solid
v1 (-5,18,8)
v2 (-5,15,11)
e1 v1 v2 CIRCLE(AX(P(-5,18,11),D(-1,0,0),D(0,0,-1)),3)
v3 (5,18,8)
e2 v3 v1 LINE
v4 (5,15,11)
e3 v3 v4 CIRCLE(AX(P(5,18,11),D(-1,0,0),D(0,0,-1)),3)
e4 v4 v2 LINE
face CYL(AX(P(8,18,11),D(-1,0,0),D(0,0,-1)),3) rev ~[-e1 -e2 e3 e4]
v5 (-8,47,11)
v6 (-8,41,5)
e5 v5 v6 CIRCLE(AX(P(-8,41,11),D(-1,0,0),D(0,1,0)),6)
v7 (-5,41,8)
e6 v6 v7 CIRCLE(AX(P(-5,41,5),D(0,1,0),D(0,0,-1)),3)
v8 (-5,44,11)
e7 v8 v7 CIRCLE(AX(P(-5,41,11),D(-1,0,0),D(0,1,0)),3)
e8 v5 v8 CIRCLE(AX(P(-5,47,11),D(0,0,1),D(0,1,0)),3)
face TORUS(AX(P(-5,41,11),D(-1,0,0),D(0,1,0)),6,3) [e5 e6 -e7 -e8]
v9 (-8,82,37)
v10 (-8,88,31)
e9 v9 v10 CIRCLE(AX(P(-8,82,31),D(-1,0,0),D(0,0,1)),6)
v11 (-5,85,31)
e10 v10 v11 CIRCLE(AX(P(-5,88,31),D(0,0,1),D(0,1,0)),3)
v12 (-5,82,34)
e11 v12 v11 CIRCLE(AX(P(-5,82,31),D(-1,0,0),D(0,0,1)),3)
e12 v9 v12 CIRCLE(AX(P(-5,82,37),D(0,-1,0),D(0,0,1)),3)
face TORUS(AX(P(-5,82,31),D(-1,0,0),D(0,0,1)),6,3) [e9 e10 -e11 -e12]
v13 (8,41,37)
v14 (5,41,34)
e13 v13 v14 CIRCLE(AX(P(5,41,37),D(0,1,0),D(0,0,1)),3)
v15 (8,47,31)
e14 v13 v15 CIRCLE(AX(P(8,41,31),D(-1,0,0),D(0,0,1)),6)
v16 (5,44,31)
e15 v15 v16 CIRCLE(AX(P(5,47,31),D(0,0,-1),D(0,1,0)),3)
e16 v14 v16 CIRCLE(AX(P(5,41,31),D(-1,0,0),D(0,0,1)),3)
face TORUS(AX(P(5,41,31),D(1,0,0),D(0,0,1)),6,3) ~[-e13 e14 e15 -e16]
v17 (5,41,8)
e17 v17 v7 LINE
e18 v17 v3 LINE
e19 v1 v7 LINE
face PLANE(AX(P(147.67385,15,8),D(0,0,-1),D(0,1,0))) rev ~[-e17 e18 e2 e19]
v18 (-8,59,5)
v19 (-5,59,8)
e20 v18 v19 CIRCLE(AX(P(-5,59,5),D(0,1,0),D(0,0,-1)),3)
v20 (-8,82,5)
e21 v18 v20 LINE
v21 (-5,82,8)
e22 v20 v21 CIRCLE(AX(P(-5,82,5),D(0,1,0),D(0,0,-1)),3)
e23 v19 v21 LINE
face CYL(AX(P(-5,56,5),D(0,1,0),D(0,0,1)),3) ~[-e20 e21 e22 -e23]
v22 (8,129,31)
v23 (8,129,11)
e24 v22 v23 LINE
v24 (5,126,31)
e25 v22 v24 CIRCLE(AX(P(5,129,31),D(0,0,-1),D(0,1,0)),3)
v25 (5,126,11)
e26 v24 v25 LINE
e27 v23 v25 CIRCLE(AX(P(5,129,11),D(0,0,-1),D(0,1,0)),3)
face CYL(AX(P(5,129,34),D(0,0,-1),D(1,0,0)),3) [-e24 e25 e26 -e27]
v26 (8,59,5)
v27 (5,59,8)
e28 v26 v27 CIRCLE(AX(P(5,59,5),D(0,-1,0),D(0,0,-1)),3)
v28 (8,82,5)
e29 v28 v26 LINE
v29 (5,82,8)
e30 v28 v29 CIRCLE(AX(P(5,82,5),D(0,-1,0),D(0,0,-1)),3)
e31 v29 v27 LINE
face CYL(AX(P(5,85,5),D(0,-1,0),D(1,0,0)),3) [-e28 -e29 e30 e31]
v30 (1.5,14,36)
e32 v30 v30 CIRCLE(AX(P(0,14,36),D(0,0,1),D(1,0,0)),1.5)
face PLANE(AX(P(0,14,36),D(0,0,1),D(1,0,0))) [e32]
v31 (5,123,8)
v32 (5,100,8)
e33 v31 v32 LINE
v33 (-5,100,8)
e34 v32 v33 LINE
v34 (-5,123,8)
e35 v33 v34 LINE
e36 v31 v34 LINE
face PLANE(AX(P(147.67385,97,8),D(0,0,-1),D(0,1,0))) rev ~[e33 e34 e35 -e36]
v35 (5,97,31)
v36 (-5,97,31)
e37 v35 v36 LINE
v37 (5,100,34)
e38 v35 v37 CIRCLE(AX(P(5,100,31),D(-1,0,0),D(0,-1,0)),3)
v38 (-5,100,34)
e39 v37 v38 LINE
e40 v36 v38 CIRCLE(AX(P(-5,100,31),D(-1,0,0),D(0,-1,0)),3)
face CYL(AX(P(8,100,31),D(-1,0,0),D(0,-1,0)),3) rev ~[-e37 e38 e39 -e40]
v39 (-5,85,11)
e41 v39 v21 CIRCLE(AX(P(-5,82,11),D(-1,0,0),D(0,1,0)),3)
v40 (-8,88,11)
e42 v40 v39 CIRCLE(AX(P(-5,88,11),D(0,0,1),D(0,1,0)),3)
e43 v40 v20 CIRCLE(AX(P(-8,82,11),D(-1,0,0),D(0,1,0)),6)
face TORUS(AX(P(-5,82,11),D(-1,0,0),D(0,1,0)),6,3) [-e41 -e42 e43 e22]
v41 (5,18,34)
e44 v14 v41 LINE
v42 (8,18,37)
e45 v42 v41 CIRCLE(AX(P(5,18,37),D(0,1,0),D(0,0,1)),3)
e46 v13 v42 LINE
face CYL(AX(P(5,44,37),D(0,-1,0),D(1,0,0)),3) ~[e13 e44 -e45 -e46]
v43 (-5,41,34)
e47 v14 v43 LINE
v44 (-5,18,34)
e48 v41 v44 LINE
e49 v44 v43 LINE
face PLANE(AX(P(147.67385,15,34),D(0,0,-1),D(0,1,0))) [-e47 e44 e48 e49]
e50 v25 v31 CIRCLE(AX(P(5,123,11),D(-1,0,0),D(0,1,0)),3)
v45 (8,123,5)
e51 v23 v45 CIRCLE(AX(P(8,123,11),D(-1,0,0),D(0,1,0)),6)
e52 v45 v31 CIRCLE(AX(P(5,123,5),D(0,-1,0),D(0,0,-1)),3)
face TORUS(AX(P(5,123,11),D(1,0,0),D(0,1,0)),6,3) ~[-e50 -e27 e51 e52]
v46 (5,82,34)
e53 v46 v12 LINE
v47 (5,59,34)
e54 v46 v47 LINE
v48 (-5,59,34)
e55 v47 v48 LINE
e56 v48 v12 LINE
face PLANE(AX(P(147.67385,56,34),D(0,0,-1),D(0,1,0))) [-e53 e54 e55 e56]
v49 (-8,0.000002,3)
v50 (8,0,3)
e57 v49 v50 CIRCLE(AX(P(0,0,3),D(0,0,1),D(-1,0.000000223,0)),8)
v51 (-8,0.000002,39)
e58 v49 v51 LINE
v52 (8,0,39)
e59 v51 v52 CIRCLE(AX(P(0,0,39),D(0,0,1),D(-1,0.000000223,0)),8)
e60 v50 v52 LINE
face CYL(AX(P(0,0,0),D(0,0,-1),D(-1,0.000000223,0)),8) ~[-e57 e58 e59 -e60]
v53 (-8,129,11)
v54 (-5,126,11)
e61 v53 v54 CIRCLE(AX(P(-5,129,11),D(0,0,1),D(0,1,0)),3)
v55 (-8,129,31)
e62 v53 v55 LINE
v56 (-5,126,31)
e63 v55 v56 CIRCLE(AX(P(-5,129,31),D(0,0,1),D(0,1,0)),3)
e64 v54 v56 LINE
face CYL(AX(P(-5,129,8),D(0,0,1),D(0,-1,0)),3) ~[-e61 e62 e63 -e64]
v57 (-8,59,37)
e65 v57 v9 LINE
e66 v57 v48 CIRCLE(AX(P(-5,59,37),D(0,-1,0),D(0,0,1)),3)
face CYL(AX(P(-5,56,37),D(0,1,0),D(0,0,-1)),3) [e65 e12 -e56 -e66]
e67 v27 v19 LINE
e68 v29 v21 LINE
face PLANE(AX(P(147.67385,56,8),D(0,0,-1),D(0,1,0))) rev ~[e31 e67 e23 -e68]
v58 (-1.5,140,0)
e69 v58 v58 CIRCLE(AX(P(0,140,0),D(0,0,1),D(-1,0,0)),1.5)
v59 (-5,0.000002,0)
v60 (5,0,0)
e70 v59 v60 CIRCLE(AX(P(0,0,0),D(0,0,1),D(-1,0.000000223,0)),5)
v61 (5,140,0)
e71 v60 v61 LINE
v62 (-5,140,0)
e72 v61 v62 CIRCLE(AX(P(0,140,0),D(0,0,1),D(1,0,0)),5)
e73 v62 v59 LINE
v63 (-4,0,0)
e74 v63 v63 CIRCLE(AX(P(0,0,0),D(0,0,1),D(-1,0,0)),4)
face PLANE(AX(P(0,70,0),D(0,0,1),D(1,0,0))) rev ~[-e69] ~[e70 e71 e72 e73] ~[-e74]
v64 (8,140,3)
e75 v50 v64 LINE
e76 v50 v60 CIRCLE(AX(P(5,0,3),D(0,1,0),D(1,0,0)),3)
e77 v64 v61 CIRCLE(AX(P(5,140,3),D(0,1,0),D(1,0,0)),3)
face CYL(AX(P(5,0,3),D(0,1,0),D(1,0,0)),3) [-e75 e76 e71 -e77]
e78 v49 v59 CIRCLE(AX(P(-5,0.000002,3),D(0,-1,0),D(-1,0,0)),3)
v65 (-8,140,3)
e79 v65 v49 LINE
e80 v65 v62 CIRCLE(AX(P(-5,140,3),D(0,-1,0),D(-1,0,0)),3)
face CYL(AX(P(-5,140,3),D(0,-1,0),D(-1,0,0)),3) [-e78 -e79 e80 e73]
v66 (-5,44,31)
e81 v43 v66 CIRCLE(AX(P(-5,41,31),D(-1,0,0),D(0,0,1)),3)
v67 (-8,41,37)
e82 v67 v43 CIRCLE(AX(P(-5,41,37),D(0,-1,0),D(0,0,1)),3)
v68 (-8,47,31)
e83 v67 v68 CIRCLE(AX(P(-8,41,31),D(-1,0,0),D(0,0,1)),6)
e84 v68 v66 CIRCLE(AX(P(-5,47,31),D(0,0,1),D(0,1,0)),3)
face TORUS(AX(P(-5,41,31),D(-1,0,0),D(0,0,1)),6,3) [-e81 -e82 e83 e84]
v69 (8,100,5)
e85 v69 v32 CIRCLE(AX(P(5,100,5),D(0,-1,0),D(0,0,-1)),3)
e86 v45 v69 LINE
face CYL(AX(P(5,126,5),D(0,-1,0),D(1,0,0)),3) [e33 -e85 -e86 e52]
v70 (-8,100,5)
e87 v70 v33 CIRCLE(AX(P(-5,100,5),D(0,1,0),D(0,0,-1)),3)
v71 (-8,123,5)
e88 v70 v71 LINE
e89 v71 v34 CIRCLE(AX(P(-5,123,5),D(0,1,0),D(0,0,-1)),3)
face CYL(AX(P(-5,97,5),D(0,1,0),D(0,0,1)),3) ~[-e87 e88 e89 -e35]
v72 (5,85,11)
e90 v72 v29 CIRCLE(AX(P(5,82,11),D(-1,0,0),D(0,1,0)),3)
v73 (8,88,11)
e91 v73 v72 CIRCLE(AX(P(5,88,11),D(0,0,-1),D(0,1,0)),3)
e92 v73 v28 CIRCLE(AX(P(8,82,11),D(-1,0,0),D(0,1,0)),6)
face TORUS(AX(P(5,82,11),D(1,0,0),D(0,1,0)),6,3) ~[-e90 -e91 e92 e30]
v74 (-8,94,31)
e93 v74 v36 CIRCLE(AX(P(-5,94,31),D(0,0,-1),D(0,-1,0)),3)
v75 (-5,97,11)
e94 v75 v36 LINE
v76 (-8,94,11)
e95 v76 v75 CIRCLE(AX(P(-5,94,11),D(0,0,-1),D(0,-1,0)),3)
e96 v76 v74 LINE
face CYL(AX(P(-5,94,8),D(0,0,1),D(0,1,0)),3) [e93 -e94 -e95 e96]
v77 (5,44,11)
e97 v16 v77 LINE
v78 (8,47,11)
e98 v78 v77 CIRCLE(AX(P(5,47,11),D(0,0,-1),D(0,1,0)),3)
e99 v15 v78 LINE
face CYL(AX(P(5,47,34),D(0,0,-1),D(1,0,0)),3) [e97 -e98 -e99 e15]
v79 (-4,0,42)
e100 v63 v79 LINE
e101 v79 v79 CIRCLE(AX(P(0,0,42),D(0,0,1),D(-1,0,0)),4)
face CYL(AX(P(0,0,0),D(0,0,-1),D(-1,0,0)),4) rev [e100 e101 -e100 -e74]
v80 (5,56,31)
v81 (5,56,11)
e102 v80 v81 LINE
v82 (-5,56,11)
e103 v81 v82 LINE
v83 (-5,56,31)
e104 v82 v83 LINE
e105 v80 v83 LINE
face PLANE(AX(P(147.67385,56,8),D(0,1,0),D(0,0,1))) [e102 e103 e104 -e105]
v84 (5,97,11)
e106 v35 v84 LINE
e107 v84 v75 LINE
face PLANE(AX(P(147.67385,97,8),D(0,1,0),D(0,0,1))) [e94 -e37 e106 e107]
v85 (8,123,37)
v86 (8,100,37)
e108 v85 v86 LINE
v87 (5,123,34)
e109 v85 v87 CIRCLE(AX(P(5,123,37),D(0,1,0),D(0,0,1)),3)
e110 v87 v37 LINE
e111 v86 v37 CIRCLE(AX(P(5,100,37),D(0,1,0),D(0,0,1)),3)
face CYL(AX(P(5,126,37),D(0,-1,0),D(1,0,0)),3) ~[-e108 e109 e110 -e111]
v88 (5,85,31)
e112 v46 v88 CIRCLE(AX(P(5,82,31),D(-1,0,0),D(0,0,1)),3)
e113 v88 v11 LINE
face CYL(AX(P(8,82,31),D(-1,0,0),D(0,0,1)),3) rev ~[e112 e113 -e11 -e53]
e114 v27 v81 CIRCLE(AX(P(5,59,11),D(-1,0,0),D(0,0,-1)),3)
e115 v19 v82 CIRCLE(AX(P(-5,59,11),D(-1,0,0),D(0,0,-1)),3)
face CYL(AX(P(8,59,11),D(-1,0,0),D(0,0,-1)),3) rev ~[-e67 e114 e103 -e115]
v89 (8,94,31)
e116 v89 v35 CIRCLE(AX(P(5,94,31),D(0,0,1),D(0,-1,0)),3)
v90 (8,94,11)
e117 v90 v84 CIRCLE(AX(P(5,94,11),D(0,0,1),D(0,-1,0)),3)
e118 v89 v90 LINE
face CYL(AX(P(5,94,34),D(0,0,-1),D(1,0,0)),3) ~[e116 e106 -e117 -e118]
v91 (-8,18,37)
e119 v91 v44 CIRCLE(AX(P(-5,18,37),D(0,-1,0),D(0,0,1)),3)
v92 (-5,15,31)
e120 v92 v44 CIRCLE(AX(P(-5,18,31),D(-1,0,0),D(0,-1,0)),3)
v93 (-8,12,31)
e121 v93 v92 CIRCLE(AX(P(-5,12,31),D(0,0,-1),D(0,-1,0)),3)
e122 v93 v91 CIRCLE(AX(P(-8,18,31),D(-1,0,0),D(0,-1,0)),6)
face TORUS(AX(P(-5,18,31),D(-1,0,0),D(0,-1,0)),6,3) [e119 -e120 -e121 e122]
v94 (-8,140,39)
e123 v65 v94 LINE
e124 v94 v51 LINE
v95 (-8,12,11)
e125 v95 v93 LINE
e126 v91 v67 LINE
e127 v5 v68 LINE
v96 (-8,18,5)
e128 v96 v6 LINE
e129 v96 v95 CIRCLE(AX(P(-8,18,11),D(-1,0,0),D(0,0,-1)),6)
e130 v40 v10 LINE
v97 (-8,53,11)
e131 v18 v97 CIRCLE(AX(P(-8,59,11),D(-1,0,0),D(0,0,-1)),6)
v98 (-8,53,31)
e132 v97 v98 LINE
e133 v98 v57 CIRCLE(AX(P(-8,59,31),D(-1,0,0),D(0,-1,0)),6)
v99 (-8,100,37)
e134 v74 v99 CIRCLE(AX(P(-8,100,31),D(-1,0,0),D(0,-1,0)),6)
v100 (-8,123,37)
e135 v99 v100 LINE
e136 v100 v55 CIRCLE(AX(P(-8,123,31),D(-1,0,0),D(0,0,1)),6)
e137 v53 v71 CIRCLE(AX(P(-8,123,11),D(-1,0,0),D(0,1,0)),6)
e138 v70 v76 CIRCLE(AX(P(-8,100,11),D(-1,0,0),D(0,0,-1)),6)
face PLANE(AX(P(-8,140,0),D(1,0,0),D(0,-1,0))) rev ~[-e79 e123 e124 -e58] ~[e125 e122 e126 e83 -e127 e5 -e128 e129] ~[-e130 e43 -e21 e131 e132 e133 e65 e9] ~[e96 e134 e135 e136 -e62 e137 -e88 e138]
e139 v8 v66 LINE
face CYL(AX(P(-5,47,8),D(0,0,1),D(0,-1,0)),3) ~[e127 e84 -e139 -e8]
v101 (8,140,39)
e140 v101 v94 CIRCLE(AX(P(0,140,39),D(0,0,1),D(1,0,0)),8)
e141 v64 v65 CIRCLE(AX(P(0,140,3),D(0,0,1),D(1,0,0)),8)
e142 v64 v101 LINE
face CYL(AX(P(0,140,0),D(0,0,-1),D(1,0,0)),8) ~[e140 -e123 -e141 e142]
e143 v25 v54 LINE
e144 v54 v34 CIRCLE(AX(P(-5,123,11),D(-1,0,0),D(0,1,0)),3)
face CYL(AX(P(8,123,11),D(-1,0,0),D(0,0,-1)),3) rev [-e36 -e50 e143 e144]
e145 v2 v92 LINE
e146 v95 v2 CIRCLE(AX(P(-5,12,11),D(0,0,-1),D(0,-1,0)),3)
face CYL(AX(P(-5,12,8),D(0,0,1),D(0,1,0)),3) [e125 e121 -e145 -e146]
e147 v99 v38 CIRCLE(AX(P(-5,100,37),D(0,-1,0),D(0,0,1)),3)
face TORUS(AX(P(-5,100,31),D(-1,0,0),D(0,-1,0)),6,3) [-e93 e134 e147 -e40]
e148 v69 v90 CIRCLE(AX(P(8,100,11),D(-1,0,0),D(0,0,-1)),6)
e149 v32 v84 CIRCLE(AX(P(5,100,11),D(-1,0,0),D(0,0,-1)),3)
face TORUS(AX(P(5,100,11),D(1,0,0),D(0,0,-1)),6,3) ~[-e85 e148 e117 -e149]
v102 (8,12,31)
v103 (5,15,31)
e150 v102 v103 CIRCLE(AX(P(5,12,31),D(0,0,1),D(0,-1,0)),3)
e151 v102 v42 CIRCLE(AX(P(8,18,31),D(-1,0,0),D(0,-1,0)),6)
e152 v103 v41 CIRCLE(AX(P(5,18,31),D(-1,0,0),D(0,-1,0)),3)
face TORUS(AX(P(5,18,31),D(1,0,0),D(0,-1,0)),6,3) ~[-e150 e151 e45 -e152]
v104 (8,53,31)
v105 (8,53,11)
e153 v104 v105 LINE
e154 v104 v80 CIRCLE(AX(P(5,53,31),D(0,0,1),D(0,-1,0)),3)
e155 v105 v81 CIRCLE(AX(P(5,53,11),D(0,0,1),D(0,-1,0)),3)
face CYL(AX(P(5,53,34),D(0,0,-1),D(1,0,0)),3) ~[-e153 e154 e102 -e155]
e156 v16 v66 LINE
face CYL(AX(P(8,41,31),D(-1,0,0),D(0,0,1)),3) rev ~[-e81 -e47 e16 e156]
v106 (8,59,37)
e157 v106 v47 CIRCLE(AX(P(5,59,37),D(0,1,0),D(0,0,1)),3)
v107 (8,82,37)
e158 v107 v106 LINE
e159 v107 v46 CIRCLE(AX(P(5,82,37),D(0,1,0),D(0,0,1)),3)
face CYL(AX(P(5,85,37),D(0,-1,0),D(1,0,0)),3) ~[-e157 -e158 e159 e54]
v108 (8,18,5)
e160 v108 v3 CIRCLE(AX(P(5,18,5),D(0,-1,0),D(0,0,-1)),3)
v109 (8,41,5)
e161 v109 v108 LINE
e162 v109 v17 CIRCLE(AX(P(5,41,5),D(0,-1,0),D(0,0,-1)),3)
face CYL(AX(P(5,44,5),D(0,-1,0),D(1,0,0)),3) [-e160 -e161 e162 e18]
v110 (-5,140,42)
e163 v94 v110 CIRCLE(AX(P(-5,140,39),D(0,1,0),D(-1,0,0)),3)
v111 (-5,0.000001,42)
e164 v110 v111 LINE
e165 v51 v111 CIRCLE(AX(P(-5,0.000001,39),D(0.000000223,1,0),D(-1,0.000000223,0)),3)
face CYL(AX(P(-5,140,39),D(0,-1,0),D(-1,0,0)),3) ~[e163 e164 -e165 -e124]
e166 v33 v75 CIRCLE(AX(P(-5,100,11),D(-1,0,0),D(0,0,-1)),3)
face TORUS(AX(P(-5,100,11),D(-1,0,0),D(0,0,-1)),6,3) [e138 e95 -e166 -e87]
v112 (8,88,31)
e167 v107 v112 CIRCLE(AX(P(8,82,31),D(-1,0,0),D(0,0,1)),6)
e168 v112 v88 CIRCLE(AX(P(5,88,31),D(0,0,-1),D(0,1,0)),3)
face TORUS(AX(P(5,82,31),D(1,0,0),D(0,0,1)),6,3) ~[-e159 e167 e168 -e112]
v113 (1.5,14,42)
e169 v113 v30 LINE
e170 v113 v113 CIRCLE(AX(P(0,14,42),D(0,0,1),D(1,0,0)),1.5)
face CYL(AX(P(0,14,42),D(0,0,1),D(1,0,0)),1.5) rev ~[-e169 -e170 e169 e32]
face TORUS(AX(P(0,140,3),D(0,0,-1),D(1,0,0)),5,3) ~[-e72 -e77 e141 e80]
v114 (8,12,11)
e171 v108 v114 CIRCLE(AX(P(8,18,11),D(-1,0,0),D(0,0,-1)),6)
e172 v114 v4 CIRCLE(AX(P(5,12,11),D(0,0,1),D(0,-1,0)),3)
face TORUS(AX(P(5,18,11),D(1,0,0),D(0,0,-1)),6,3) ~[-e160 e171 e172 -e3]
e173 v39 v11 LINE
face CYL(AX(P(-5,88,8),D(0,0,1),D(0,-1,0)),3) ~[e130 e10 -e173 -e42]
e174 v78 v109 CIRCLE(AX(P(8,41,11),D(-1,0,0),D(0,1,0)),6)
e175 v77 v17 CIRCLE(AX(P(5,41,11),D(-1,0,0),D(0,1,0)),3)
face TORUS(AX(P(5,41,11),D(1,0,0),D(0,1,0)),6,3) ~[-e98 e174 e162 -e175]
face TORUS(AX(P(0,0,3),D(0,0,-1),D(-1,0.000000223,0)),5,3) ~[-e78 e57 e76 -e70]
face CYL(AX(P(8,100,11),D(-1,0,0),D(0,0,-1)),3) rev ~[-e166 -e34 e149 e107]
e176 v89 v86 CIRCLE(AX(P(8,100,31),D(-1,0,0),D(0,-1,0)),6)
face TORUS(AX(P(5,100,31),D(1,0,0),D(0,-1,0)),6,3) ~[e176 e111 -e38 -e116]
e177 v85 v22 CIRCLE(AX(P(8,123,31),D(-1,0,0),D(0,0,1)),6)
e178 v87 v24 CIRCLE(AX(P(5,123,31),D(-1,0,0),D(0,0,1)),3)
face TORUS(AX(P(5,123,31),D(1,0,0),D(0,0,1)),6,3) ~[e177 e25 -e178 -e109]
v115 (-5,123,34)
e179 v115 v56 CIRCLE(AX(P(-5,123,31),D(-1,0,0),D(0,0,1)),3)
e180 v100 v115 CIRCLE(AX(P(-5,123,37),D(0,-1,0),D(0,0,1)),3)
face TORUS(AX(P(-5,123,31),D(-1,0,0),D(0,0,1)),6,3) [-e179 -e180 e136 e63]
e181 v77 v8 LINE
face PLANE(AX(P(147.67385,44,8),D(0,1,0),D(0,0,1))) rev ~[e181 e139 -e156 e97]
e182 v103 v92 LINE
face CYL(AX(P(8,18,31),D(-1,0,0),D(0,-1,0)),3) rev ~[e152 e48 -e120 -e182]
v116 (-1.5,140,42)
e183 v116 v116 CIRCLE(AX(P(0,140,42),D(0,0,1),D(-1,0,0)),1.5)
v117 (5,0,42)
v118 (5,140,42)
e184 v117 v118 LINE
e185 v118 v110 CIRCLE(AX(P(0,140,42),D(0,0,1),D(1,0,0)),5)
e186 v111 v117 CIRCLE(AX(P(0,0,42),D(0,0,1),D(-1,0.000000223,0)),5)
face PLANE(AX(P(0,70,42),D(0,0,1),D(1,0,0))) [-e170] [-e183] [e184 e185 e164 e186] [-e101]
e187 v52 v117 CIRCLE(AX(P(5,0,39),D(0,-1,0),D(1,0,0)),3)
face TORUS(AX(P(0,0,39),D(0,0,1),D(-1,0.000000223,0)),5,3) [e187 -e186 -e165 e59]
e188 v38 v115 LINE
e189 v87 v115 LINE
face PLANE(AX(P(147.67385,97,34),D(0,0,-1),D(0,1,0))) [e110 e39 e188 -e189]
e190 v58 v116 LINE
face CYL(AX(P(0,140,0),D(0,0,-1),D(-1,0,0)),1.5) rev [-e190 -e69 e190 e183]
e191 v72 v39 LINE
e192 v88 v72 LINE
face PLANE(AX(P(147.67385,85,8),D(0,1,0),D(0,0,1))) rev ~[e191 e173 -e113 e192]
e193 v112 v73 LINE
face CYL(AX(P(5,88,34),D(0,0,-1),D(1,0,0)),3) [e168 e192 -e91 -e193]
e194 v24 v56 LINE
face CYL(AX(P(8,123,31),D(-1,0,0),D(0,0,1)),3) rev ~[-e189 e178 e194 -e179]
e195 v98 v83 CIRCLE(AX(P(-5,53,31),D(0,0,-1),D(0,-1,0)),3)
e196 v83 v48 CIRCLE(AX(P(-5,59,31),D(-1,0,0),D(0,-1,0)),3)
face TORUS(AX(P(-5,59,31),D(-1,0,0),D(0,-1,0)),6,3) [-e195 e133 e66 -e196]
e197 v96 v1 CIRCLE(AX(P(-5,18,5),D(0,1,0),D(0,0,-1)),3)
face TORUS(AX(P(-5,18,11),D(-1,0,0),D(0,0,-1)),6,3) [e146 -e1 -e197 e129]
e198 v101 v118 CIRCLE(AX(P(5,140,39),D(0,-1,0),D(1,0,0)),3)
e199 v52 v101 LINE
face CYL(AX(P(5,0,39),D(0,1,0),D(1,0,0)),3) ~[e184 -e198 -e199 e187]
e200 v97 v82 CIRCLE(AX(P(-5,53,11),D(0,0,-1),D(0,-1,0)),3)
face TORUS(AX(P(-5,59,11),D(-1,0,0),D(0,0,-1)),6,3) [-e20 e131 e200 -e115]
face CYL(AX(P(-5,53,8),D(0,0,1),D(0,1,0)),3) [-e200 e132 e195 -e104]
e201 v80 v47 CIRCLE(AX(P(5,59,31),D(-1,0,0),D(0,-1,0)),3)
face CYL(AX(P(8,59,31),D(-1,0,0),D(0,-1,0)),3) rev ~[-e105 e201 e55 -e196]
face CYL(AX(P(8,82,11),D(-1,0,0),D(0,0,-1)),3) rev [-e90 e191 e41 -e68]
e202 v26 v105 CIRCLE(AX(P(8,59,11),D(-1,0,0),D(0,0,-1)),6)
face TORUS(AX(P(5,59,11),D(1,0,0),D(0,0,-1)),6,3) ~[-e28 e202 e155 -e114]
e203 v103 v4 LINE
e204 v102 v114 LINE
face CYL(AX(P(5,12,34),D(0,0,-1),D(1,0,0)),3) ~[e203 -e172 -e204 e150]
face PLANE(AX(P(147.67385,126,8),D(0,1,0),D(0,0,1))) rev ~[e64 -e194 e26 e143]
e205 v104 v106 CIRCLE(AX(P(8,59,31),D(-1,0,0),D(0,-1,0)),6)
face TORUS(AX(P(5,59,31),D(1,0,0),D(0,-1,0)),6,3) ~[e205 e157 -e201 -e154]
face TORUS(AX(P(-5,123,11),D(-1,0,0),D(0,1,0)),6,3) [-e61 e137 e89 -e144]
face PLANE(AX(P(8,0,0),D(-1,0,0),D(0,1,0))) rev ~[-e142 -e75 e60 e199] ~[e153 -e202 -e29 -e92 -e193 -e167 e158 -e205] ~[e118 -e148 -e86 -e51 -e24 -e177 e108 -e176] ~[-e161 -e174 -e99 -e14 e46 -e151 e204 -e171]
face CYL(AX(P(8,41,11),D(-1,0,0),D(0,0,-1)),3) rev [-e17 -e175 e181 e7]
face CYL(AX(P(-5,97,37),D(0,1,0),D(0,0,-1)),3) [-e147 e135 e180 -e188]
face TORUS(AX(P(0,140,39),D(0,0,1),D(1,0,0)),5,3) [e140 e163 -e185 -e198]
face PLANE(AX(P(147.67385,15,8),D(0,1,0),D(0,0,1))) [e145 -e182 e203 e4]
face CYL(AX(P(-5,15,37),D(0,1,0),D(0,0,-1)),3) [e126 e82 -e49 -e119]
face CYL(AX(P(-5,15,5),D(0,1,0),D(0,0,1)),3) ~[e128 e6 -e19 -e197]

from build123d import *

# Parameters (mm, degrees)
SKETCH1_R               = 4
SKETCH1_R_2             = 1.5
BOSS_EXTRUDE1_DEPTH     = 42
CUT_EXTRUDE4_DEPTH      = 155.673850408
CUT_EXTRUDE4_DEPTH_BACK = 155.673850408
SKETCH6_W               = 26
SKETCH6_H               = 29
SKETCH5_R               = 1.5
CUT_EXTRUDE3_DEPTH      = 6
FILLET5_R               = 3


with BuildPart() as part:
    # Sketch1 → Boss-Extrude1 (new body)
    with BuildSketch(Plane.XY):
        with BuildLine():
            Line((8, 0), (8, 140))
            ThreePointArc((8, 140), (0, 148), (-8, 140))
            Line((-8, 140), (-8, 1.788e-06))
            ThreePointArc((-8, 1.788e-06), (-8.94e-07, -8), (8, 0))
        make_face()
        with Locations(Location((0, 0, 0), (0, 0, 180))):
            Circle(SKETCH1_R, mode=Mode.SUBTRACT)
        with Locations(Location((0, 140, 0), (0, 0, 180))):
            Circle(SKETCH1_R_2, mode=Mode.SUBTRACT)
    extrude(amount=BOSS_EXTRUDE1_DEPTH)

    # Sketch6 → Cut-Extrude4 (cut, two sides: drawn at the far end of the back side and taken through both)
    with BuildSketch(Plane.ZY.offset(8).offset(-CUT_EXTRUDE4_DEPTH_BACK)):
        with Locations((21, 111.5)):
            Rectangle(SKETCH6_W, SKETCH6_H)
        with Locations((21, 70.5)):
            Rectangle(SKETCH6_W, SKETCH6_H)
        with Locations((21, 29.5)):
            Rectangle(SKETCH6_W, SKETCH6_H)
    extrude(amount=CUT_EXTRUDE4_DEPTH + CUT_EXTRUDE4_DEPTH_BACK, mode=Mode.SUBTRACT)

    # Sketch5 → Cut-Extrude3 (cut)
    with BuildSketch(Plane.XY.offset(42)):
        with Locations((0, 14)):
            Circle(SKETCH5_R)
    extrude(amount=-CUT_EXTRUDE3_DEPTH, mode=Mode.SUBTRACT)

    # Fillet5
    fillet5_edges = [part.edges().sort_by_distance(p)[0] for p in [
        (-8.94e-07, -8, 42),
        (8, 70, 42),
        (0, 97, 8),
        (-8, 111.5, 8),
        (8, 111.5, 8),
        (0, 126, 8),
        (-8, 126, 21),
        (8, 126, 21),
        (0, 126, 34),
        (-8, 111.5, 34),
        (8, 111.5, 34),
        (0, 97, 34),
        (-8, 97, 21),
        (8, 97, 21),
        (0, 148, 42),
        (0, 85, 34),
        (-8, 70.5, 34),
        (8, 70.5, 34),
        (0, 56, 34),
        (-8, 56, 21),
        (8, 56, 21),
        (0, 56, 8),
        (-8, 70.5, 8),
        (8, 70.5, 8),
        (0, 85, 8),
        (-8, 85, 21),
        (8, 85, 21),
        (8, 70, 0),
        (-8.94e-07, -8, 0),
        (0, 15, 8),
        (-8, 29.5, 8),
        (8, 29.5, 8),
        (0, 44, 8),
        (-8, 44, 21),
        (8, 44, 21),
        (0, 44, 34),
        (-8, 29.5, 34),
        (8, 29.5, 34),
        (0, 15, 34),
        (-8, 15, 21),
        (8, 15, 21),
        (-8, 70.000000894, 0),
        (0, 148, 0),
        (-8, 70.000000894, 42),
    ]]
    fillet(fillet5_edges, radius=FILLET5_R)


solid = part.part
